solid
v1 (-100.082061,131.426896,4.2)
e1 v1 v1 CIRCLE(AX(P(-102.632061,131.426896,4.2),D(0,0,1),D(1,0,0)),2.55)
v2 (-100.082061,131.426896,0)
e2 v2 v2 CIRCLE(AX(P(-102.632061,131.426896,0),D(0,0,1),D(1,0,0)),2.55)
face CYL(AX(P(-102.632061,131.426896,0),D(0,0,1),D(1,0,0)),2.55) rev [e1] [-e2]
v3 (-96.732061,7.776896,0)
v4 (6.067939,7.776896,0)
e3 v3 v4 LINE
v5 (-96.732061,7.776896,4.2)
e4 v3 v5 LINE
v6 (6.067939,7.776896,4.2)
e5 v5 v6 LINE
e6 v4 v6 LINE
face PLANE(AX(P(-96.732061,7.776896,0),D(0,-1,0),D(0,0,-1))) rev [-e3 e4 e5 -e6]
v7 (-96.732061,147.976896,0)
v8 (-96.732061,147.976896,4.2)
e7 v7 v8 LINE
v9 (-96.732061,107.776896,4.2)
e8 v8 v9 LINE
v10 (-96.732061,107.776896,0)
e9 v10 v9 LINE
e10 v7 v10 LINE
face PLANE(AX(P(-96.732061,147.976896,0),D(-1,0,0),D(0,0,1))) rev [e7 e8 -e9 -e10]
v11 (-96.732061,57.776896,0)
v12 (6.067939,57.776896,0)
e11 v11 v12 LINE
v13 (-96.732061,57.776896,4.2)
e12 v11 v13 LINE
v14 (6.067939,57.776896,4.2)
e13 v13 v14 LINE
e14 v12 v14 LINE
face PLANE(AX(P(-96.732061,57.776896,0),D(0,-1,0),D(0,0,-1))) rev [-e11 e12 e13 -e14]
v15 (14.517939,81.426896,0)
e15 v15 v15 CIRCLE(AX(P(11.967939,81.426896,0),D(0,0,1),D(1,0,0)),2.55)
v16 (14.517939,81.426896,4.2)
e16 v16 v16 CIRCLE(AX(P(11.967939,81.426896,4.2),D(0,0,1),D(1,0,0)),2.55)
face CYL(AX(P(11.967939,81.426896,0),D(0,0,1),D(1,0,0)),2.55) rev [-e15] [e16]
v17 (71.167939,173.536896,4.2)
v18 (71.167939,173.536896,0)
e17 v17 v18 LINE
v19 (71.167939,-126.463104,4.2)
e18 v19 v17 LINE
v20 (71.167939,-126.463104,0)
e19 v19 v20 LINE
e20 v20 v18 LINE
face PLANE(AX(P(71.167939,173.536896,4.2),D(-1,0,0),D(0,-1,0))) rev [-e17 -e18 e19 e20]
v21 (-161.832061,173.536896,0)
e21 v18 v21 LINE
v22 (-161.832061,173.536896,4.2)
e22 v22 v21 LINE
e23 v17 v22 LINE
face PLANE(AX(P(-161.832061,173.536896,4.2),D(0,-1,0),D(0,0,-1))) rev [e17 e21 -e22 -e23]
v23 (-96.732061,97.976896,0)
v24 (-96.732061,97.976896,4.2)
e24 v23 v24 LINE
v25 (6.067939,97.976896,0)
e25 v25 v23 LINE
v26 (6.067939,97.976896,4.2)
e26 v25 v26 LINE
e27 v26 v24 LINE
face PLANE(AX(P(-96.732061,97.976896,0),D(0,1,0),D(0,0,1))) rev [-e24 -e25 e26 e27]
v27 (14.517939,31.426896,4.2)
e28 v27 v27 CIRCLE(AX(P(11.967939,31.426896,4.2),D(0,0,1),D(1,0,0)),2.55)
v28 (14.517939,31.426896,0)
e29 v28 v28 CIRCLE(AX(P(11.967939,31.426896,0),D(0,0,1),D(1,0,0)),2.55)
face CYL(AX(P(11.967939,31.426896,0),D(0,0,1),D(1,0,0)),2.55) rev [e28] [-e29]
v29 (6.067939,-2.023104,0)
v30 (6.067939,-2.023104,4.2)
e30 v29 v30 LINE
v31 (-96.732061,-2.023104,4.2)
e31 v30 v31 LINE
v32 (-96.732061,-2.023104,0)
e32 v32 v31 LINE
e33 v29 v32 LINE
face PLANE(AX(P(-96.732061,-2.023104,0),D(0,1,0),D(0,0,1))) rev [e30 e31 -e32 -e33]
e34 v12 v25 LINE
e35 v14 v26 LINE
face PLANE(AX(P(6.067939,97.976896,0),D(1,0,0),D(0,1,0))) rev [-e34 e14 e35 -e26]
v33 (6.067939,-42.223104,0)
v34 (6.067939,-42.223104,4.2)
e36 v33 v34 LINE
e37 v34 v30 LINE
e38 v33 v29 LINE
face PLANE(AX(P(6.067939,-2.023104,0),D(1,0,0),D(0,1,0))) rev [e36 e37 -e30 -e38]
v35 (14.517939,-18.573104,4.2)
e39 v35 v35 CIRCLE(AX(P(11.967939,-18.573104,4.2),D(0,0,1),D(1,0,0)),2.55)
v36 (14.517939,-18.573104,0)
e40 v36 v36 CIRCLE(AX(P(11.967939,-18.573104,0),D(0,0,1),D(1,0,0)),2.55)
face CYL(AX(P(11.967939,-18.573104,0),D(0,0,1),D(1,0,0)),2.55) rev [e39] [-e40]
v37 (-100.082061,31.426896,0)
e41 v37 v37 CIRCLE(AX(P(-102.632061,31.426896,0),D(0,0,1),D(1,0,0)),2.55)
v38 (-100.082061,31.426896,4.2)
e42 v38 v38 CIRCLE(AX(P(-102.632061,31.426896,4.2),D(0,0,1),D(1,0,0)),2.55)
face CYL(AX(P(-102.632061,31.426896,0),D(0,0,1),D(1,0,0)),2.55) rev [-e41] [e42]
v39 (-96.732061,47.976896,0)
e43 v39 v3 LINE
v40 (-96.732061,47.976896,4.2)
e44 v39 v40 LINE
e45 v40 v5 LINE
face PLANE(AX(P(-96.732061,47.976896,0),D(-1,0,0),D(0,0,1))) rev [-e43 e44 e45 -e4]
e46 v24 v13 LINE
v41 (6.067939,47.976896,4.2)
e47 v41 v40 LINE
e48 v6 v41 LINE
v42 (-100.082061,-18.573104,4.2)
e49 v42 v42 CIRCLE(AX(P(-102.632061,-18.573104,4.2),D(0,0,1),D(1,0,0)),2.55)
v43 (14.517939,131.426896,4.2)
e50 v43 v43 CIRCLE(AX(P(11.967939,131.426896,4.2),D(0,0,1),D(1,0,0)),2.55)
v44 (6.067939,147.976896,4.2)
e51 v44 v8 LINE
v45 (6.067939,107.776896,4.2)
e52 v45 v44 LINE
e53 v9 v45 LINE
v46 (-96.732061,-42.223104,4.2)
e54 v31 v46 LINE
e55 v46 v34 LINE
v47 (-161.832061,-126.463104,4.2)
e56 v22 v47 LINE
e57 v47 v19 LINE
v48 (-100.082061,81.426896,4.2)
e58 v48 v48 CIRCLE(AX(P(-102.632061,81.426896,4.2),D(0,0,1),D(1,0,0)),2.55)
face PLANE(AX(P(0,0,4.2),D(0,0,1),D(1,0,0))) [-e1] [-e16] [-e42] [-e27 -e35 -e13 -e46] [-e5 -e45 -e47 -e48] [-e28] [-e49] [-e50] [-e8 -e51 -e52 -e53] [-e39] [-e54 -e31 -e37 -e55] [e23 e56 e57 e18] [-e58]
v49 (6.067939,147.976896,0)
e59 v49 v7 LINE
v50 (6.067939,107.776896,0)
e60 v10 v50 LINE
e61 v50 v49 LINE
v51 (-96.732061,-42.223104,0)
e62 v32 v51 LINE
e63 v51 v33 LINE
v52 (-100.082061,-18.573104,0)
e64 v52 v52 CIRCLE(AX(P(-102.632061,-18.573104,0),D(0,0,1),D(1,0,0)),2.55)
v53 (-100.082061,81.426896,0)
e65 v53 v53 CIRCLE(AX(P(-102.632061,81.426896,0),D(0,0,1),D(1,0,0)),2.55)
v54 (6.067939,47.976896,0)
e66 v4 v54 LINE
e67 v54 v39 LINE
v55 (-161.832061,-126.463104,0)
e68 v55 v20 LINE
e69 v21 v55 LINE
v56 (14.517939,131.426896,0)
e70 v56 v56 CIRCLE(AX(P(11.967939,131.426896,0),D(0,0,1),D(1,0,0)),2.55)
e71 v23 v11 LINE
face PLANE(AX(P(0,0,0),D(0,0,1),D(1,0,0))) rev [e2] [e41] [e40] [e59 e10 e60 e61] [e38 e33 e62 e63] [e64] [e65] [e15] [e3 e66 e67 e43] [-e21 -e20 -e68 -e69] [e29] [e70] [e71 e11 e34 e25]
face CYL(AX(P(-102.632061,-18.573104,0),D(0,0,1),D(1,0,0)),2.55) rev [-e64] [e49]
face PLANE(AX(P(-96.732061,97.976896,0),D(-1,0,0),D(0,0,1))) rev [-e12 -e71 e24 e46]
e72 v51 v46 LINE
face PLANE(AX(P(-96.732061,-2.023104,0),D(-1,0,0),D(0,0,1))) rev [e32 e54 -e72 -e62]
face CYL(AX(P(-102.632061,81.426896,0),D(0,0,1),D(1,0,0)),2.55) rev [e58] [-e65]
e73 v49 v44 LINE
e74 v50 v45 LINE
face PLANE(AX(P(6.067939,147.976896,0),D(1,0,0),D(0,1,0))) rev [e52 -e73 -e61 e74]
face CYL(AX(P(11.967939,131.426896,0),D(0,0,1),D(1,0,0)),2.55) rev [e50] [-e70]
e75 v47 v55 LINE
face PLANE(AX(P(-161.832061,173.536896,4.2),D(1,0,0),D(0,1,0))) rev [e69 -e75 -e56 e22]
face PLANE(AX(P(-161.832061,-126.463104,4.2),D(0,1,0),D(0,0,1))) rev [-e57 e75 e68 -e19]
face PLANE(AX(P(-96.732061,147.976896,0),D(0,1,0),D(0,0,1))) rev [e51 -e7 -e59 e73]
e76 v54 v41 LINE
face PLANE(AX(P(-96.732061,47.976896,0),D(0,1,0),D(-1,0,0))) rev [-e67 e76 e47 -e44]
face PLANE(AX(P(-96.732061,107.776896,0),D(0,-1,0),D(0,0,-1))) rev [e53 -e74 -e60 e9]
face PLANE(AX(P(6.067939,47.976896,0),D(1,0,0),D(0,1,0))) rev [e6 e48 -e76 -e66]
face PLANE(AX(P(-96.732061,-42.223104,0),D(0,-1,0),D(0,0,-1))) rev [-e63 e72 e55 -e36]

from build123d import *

# Parameters (mm, degrees)
ESQUISSE1_W                  = 233
ESQUISSE1_H                  = 300
BOSS_EXTRU_1_DEPTH           = 4.2
ESQUISSE2_R                  = 2.55
ESQUISSE2_W                  = 102.8
ESQUISSE2_H                  = 40.2
ENL_V_MAT_EXTRU_1_DEPTH      = 1
ENL_V_MAT_EXTRU_1_DEPTH_BACK = 5.2


with BuildPart() as part:
    # Esquisse1 → Boss.-Extru.1 (new body)
    with BuildSketch(Plane.XY):
        with Locations((-45.332061069, 23.536895674)):
            Rectangle(ESQUISSE1_W, ESQUISSE1_H)
    extrude(amount=BOSS_EXTRU_1_DEPTH)

    # Esquisse2 → Enlèv. mat.-Extru.1 (cut, two sides)
    with BuildSketch(Plane.XY.offset(4.2)) as enl_v_mat_extru_1_sk:
        with Locations((-102.632061069, 131.426895674)):
            Circle(ESQUISSE2_R)
        with Locations((11.967938931, 131.426895674)):
            Circle(ESQUISSE2_R)
        with Locations((-102.632061069, 81.426895674)):
            Circle(ESQUISSE2_R)
        with Locations((11.967938931, 81.426895674)):
            Circle(ESQUISSE2_R)
        with Locations((-102.632061069, 31.426895674)):
            Circle(ESQUISSE2_R)
        with Locations((11.967938931, 31.426895674)):
            Circle(ESQUISSE2_R)
        with Locations((-102.632061069, -18.573104326)):
            Circle(ESQUISSE2_R)
        with Locations((11.967938931, -18.573104326)):
            Circle(ESQUISSE2_R)
        with Locations((-45.332061069, -22.123104326)):
            Rectangle(ESQUISSE2_W, ESQUISSE2_H)
        with Locations((-45.332061069, 27.876895674)):
            Rectangle(ESQUISSE2_W, ESQUISSE2_H)
        with Locations((-45.332061069, 77.876895674)):
            Rectangle(ESQUISSE2_W, ESQUISSE2_H)
        with Locations((-45.332061069, 127.876895674)):
            Rectangle(ESQUISSE2_W, ESQUISSE2_H)
    extrude(amount=ENL_V_MAT_EXTRU_1_DEPTH, mode=Mode.SUBTRACT)
    extrude(enl_v_mat_extru_1_sk.sketch, amount=-ENL_V_MAT_EXTRU_1_DEPTH_BACK, mode=Mode.SUBTRACT)


solid = part.part
